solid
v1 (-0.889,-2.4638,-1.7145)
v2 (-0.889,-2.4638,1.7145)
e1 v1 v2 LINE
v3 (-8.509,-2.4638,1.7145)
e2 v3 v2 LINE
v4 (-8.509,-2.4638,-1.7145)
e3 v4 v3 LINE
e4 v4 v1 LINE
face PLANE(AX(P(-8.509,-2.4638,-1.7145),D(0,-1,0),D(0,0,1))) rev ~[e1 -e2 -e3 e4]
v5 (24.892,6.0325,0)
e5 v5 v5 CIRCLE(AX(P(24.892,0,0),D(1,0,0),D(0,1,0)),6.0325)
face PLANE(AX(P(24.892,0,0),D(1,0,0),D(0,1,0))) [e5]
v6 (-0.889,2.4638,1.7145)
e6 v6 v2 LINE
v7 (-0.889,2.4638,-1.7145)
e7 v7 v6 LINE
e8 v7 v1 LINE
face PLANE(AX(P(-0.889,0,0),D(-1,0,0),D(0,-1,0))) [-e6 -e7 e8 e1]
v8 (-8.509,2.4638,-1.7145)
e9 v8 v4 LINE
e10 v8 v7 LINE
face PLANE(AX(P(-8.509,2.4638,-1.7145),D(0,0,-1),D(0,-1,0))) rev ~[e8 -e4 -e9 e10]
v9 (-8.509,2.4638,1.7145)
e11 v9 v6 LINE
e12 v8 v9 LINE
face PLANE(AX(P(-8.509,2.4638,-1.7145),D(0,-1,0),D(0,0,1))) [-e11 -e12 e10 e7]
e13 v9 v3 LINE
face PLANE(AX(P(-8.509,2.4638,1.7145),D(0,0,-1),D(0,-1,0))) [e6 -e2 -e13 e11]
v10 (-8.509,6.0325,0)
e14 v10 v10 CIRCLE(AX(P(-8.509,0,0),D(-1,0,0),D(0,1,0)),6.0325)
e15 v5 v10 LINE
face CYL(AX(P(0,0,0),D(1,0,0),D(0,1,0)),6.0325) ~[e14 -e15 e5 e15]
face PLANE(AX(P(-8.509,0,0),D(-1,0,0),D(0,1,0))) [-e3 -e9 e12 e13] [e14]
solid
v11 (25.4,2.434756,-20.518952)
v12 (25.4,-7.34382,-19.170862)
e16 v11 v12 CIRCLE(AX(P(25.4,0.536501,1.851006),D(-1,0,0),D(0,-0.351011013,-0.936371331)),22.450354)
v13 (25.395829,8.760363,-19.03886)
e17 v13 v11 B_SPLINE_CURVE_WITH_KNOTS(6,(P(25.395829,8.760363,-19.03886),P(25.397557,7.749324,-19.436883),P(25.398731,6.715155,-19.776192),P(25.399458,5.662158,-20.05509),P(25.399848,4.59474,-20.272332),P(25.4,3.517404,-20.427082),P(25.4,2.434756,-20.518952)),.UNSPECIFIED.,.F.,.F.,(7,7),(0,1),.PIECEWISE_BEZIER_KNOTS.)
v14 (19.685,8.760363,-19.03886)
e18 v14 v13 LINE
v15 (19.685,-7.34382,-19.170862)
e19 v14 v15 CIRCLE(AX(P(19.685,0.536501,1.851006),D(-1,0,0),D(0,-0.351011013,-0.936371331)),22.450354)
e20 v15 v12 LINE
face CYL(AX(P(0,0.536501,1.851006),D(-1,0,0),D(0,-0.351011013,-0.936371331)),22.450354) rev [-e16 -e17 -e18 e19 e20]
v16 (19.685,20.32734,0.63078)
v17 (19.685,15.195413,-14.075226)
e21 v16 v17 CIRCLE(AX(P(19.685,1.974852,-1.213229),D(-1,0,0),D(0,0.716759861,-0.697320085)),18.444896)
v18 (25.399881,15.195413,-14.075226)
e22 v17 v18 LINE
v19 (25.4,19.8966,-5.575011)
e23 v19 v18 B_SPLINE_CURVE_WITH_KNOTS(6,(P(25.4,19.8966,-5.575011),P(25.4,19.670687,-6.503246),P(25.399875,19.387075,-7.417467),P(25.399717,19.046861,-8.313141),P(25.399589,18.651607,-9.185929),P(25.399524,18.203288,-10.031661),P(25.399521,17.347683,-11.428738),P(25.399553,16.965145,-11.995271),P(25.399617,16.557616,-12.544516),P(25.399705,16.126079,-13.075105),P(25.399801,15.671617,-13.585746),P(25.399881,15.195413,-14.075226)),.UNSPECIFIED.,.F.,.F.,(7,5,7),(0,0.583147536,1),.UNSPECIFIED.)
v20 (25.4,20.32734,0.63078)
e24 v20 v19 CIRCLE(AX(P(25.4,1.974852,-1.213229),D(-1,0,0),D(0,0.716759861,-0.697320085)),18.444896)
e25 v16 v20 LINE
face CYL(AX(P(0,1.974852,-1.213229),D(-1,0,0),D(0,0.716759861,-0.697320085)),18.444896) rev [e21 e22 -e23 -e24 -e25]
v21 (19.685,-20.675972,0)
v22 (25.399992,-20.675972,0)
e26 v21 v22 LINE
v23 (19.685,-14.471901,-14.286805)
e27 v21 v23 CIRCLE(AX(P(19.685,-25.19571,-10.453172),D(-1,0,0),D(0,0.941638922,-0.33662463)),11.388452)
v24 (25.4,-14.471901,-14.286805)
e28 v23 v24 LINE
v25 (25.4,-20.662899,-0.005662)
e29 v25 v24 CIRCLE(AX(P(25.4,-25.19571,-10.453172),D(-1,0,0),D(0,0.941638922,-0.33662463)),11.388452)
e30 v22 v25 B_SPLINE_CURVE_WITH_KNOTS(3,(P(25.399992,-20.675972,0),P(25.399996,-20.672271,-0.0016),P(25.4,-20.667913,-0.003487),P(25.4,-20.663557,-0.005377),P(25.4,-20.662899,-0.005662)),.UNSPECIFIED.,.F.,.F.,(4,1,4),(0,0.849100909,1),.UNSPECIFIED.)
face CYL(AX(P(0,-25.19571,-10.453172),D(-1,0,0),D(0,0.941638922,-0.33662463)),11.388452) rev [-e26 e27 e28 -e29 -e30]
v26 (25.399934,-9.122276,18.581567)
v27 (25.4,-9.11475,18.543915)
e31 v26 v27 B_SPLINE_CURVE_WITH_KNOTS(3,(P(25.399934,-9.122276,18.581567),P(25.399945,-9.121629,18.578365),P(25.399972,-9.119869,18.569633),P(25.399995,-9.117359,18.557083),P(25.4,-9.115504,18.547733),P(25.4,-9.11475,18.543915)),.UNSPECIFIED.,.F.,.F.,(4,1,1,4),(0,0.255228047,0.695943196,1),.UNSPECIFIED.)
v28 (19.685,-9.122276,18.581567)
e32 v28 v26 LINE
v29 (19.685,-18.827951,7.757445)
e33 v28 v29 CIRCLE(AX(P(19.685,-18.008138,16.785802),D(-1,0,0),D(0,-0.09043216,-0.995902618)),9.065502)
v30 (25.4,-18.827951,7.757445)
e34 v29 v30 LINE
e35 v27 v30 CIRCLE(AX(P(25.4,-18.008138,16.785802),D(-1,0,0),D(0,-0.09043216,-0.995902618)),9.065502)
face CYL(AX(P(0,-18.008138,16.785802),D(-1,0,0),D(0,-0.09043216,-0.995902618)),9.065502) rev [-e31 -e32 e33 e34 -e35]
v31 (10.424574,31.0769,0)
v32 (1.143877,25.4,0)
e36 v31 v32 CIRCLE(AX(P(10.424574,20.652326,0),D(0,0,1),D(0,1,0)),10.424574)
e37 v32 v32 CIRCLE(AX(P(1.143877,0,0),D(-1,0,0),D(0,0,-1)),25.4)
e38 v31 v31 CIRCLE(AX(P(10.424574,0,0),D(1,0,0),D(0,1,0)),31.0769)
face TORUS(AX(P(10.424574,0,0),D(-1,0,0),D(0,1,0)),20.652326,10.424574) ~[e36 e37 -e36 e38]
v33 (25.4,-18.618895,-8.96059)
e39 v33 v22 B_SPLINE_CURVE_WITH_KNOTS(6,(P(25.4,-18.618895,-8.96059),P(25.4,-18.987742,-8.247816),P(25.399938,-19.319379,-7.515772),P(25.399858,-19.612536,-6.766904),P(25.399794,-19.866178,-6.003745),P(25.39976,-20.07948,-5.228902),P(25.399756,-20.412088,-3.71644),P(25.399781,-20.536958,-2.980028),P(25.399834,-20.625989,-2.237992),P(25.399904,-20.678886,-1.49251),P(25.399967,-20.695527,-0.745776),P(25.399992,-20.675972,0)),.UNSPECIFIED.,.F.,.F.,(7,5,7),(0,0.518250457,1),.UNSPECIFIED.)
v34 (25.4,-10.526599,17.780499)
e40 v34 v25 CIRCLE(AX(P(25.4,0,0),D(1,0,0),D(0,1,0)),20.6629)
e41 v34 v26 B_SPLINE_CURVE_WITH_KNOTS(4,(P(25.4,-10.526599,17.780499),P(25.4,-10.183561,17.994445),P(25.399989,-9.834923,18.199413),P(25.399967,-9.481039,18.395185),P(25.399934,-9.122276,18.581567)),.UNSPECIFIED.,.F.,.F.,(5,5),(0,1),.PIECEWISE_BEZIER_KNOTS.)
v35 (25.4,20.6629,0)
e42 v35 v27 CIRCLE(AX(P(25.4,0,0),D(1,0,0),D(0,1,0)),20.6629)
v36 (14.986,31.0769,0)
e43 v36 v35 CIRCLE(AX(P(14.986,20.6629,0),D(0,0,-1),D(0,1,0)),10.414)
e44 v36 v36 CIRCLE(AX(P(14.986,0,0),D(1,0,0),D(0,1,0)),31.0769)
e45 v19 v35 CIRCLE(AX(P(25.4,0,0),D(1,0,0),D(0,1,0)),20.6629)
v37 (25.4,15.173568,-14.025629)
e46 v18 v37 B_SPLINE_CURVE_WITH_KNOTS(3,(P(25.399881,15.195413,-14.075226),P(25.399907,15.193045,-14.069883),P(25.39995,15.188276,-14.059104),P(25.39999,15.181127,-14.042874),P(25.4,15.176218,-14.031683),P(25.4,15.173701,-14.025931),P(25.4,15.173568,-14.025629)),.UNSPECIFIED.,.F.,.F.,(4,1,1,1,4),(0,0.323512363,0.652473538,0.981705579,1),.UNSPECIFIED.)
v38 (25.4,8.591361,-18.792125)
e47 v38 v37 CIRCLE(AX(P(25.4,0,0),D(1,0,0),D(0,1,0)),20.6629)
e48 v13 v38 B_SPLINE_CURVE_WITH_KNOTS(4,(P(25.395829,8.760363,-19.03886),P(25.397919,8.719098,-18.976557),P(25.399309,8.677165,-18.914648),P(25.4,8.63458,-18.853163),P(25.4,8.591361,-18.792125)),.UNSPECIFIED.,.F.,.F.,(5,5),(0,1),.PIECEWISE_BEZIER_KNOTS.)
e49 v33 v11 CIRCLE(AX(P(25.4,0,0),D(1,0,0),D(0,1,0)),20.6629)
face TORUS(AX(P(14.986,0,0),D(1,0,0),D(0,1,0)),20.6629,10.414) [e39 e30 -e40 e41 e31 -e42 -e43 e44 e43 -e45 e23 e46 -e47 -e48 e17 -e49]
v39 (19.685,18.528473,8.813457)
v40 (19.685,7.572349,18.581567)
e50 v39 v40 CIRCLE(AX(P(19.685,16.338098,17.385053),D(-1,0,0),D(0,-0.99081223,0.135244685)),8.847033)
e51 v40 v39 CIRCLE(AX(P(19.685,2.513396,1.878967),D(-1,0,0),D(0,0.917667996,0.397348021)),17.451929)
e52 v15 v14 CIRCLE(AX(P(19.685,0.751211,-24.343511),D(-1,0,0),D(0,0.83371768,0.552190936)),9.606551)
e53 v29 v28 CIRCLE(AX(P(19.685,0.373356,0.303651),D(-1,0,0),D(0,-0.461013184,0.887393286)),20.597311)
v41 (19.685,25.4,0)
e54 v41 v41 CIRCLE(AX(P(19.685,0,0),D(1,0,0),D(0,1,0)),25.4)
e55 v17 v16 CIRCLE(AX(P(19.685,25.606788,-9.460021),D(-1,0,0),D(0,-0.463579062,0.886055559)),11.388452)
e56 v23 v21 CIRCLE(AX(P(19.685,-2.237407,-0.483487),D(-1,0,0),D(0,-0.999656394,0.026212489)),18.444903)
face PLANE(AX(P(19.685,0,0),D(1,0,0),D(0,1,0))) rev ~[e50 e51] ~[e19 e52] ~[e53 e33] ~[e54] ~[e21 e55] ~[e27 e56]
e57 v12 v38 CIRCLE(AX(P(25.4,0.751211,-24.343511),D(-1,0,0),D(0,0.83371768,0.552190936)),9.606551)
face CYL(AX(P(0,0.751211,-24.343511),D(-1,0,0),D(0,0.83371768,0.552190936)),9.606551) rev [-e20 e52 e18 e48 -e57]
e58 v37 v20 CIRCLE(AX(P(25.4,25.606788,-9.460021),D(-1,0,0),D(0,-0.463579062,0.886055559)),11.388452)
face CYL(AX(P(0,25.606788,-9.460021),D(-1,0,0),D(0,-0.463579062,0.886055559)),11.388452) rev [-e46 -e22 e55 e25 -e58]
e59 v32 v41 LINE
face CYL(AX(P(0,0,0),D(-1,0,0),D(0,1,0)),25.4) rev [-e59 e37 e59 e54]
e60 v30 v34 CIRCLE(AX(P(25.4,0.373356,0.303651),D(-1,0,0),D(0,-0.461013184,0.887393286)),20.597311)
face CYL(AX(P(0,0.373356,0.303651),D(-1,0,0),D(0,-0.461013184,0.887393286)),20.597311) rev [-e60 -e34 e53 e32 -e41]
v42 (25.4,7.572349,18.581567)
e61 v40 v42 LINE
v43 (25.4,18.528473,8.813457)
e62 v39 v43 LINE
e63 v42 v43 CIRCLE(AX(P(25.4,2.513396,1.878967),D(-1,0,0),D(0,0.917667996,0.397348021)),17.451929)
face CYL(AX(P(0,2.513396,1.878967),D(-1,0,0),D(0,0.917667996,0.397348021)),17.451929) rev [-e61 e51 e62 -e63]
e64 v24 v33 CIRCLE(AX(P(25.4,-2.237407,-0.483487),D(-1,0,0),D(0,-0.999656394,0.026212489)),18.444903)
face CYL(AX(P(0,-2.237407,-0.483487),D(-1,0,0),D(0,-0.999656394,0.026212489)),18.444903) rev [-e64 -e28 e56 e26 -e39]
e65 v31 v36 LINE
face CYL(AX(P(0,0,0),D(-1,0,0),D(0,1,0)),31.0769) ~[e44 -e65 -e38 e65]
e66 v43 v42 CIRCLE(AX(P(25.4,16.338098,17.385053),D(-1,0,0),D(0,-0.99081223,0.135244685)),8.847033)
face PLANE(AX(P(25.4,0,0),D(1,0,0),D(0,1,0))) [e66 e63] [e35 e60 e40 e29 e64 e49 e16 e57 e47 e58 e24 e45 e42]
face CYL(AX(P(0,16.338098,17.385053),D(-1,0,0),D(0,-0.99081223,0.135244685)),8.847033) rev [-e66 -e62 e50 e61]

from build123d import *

# Parameters (mm, degrees)
F0_R      = 31.0769
F1_DEPTH  = 25.4
F2_R      = 10.424574
F3_R      = 10.414
F4_R      = 25.4
F5_DEPTH  = 19.685
F6_R      = 6.0325
F7_DEPTH  = 24.892
F7_FACE_R = 6.0325
F8_DEPTH  = 8.509
F9_W      = 4.9276
F9_H      = 3.429
F10_DEPTH = 7.62
F12_DEPTH = 71.12


with BuildPart() as f1:
    # F0 (on Right) → F1 (new body)
    with BuildSketch(Plane.YZ):
        Circle(F0_R)
    extrude(amount=F1_DEPTH)

    # F2
    f2_edges = [f1.edges().sort_by_distance(p)[0] for p in [
        (0, -31.0769, 0),
    ]]
    fillet(f2_edges, radius=F2_R)

    # F3
    f3_edges = [f1.edges().sort_by_distance(p)[0] for p in [
        (25.4, -31.0769, 0),
    ]]
    fillet(f3_edges, radius=F3_R)

    # F4 (on Right) → F5 (cut)
    with BuildSketch(Plane.YZ):
        Circle(F4_R)
    extrude(amount=F5_DEPTH, mode=Mode.SUBTRACT)

    # F11 (on Right) → F12 (cut)
    with BuildSketch(Plane.YZ):
        with BuildLine():
            ThreePointArc((-9.122276, 18.581567), (-14.961864, 14.054297), (-18.827951, 7.757445))
            ThreePointArc((-18.827951, 7.757445), (-11.258642, 10.733726), (-9.122276, 18.581567))
        make_face()
        with BuildLine():
            ThreePointArc((-20.675972, 0), (-19.155957, -7.830398), (-14.471901, -14.286805))
            ThreePointArc((-14.471901, -14.286805), (-14.749676, -5.916962), (-20.675972, 0))
        make_face()
        with BuildLine():
            ThreePointArc((18.528473, 8.813457), (14.127296, 14.90537), (7.572349, 18.581567))
            ThreePointArc((7.572349, 18.581567), (10.450579, 10.781484), (18.528473, 8.813457))
        make_face()
        with BuildLine():
            ThreePointArc((-7.34382, -19.170862), (0.720515, -20.598594), (8.760363, -19.03886))
            ThreePointArc((8.760363, -19.03886), (0.672471, -14.737282), (-7.34382, -19.170862))
        make_face()
        with BuildLine():
            ThreePointArc((15.195413, -14.075226), (19.389817, -7.290497), (20.32734, 0.63078))
            ThreePointArc((20.32734, 0.63078), (14.854247, -5.707728), (15.195413, -14.075226))
        make_face()
    extrude(amount=F12_DEPTH, mode=Mode.SUBTRACT)


with BuildPart() as f7:
    # F6 (on Right) → F7 (new body)
    with BuildSketch(Plane.YZ):
        Circle(F6_R)
    extrude(amount=F7_DEPTH)

    # F7_face (on face) → F8 (join)
    with BuildSketch(Plane(origin=(0, 0, 0), x_dir=(0, 1, 0), z_dir=(-1, 0, 0))):
        Circle(F7_FACE_R)
    extrude(amount=F8_DEPTH)

    # F9 (on face) → F10 (cut)
    with BuildSketch(Plane(origin=(-8.509, 0, 0), x_dir=(0, -1, 0), z_dir=(-1, 0, 0))):
        Rectangle(F9_W, F9_H)
    extrude(amount=-F10_DEPTH, mode=Mode.SUBTRACT)


solid = Compound([f1.part, f7.part])
